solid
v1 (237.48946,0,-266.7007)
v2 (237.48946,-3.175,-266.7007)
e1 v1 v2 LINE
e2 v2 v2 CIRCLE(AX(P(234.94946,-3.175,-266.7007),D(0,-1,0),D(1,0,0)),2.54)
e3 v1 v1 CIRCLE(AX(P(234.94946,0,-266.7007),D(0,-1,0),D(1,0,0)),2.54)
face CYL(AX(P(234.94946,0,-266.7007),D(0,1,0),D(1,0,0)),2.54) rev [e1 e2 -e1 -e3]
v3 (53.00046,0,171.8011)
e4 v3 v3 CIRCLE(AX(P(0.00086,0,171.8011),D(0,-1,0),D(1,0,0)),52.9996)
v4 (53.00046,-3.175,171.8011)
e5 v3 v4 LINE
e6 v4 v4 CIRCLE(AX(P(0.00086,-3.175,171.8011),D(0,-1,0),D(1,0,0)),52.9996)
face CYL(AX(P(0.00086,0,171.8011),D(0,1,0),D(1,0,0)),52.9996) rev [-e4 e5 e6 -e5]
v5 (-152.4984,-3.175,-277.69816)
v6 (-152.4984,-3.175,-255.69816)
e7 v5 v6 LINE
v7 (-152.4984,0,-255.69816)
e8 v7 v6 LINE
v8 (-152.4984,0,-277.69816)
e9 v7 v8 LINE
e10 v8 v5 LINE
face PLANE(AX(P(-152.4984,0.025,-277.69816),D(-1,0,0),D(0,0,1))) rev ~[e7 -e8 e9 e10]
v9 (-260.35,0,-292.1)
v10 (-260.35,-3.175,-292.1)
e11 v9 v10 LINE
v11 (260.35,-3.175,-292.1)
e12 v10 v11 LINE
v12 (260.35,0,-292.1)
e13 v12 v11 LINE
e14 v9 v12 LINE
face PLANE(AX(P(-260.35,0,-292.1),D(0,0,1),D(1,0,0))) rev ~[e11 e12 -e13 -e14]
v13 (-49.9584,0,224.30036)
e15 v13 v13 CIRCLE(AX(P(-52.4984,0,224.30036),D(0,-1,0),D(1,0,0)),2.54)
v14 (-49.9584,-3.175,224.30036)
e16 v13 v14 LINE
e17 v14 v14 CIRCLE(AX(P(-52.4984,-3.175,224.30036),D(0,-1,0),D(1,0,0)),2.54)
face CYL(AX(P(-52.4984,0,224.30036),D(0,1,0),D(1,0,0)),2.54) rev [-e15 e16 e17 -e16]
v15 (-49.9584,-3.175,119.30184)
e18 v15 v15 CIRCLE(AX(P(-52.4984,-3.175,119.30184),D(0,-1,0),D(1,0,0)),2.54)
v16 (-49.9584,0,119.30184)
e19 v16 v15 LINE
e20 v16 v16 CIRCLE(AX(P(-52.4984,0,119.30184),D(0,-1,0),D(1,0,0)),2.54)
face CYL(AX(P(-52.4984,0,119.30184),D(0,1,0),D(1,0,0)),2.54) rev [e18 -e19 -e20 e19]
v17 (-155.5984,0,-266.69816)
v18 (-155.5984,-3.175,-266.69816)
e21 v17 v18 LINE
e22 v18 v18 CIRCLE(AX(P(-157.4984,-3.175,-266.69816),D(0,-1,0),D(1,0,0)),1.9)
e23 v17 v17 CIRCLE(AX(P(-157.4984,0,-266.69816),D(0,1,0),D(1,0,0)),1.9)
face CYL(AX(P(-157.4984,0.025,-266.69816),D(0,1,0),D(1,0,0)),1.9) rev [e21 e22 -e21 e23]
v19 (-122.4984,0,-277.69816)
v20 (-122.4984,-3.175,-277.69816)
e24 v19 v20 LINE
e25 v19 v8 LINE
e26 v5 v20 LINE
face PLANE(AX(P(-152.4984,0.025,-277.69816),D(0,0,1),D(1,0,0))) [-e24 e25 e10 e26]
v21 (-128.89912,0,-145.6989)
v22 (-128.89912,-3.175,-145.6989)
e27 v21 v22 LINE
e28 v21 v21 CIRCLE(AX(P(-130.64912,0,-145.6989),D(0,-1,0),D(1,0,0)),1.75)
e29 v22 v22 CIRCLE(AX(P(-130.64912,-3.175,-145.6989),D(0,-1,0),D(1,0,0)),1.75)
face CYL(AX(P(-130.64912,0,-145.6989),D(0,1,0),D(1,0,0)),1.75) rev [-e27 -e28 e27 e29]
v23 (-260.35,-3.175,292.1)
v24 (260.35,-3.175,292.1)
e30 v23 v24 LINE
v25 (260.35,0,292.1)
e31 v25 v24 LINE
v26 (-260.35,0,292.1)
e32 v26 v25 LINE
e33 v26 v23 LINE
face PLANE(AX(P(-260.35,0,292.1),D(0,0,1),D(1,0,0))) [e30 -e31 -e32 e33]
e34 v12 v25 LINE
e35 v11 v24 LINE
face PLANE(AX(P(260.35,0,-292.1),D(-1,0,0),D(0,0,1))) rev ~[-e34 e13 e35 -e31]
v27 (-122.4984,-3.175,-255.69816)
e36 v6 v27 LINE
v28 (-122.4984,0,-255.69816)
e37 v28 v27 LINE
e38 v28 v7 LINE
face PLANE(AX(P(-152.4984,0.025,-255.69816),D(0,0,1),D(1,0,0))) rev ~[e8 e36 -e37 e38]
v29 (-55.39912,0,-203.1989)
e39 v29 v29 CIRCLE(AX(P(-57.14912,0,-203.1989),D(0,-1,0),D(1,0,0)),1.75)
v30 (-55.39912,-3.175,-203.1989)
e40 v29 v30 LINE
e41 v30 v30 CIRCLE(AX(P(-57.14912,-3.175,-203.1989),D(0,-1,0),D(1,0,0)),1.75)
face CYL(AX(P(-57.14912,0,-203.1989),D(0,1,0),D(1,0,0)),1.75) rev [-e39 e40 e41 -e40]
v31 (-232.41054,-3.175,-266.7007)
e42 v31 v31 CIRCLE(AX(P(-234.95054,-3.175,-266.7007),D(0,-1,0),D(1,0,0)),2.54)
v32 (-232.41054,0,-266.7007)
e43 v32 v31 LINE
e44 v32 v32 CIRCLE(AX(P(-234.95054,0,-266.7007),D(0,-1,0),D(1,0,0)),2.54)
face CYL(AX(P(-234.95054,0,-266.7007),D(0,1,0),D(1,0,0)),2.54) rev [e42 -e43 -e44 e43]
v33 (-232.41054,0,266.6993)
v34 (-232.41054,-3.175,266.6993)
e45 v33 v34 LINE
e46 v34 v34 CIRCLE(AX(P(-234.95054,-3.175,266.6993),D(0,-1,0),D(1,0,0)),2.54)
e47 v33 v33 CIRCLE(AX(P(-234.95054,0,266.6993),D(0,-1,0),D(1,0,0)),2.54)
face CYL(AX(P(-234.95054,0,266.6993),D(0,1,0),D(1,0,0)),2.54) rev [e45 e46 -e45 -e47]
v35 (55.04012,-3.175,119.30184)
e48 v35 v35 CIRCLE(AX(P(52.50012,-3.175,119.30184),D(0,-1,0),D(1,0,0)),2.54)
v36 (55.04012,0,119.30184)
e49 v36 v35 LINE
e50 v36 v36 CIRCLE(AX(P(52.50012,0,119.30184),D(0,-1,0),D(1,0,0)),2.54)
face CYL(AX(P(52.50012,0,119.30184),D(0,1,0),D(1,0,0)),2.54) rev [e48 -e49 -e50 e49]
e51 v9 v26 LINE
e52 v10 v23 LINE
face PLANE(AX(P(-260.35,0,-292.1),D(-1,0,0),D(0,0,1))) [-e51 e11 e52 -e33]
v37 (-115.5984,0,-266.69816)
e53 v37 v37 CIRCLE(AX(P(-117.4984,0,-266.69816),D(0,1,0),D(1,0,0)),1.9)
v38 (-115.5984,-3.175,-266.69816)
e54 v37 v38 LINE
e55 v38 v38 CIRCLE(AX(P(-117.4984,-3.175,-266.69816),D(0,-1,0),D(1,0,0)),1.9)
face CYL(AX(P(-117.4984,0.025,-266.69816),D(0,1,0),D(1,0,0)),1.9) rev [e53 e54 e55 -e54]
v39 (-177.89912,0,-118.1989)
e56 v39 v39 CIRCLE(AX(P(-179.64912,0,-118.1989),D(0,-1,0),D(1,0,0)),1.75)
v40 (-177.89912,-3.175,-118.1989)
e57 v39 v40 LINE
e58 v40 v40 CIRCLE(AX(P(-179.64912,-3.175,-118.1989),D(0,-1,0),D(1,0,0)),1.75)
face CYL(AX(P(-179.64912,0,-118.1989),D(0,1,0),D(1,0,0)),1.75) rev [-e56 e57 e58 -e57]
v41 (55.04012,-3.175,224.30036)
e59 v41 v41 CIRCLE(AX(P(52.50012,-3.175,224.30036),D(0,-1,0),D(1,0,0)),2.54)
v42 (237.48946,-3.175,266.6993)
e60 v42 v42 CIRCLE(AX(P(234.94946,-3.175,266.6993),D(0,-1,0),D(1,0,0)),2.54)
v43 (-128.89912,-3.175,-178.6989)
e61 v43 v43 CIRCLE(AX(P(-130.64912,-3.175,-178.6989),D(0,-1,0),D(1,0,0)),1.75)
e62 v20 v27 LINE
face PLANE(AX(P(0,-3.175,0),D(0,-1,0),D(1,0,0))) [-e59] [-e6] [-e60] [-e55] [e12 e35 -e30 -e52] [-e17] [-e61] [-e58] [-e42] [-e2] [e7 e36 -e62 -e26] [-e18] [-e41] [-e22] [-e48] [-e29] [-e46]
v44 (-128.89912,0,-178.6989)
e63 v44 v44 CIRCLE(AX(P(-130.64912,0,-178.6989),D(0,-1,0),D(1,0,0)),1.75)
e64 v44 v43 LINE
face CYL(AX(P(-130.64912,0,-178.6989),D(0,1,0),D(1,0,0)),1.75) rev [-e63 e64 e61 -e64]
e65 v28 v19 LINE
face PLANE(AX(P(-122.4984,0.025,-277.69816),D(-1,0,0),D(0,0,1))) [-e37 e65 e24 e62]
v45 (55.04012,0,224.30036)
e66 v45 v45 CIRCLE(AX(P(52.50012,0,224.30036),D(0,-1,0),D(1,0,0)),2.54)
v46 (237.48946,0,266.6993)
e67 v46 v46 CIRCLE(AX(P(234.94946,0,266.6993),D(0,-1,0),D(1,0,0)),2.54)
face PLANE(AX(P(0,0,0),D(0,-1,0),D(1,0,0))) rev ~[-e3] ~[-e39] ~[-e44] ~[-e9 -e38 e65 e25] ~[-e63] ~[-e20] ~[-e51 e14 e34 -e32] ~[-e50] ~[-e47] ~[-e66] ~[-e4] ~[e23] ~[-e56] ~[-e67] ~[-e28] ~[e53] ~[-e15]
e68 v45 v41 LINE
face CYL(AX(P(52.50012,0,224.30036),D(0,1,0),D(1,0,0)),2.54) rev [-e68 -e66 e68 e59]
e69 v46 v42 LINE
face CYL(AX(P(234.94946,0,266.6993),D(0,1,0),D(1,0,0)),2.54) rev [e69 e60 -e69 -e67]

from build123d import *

# Parameters (mm, degrees)
SKETCH_W          = 520.7
SKETCH_H          = 584.2
PAD_DEPTH         = 3.175
CYLINDER_R        = 1.75
CYLINDER_DEPTH    = 3.175
CYLINDER001_R     = 1.75
CYLINDER001_DEPTH = 3.175
CYLINDER002_R     = 1.75
CYLINDER002_DEPTH = 3.175
CYLINDER003_R     = 1.75
CYLINDER003_DEPTH = 3.175
CYLINDER004_R     = 52.9996
CYLINDER004_DEPTH = 3.175
CYLINDER005_R     = 2.54
CYLINDER005_DEPTH = 3.175
CYLINDER006_R     = 2.54
CYLINDER006_DEPTH = 3.175
CYLINDER007_R     = 2.54
CYLINDER007_DEPTH = 3.175
CYLINDER008_R     = 2.54
CYLINDER008_DEPTH = 3.175
BOX_W             = 30
BOX_H             = 22
BOX_DEPTH         = 3.2
CYLINDER009_R     = 1.9
CYLINDER009_DEPTH = 3.2
CYLINDER010_R     = 1.9
CYLINDER010_DEPTH = 3.2
CYLINDER011_R     = 2.54
CYLINDER011_DEPTH = 3.175
CYLINDER012_R     = 2.54
CYLINDER012_DEPTH = 3.175
CYLINDER013_R     = 2.54
CYLINDER013_DEPTH = 3.175
CYLINDER014_R     = 2.54
CYLINDER014_DEPTH = 3.175


with BuildPart() as part:
    # Sketch → Pad (new body)
    with BuildSketch(Plane.XZ):
        Rectangle(SKETCH_W, SKETCH_H)
    extrude(amount=PAD_DEPTH)

    # Cylinder → Cylinder (cut)
    with BuildSketch(Plane(origin=(-179.64912, 0, -118.1989), x_dir=(1, 0, 0), z_dir=(0, -1, 0))):
        Circle(CYLINDER_R)
    extrude(amount=CYLINDER_DEPTH, mode=Mode.SUBTRACT)

    # Cylinder001 → Cylinder001 (cut)
    with BuildSketch(Plane(origin=(-57.14912, 0, -203.1989), x_dir=(1, 0, 0), z_dir=(0, -1, 0))):
        Circle(CYLINDER001_R)
    extrude(amount=CYLINDER001_DEPTH, mode=Mode.SUBTRACT)

    # Cylinder002 → Cylinder002 (cut)
    with BuildSketch(Plane(origin=(-130.64912, 0, -178.6989), x_dir=(1, 0, 0), z_dir=(0, -1, 0))):
        Circle(CYLINDER002_R)
    extrude(amount=CYLINDER002_DEPTH, mode=Mode.SUBTRACT)

    # Cylinder003 → Cylinder003 (cut)
    with BuildSketch(Plane(origin=(-130.64912, 0, -145.6989), x_dir=(1, 0, 0), z_dir=(0, -1, 0))):
        Circle(CYLINDER003_R)
    extrude(amount=CYLINDER003_DEPTH, mode=Mode.SUBTRACT)

    # Cylinder004 → Cylinder004 (cut)
    with BuildSketch(Plane(origin=(0.00086, 0, 171.8011), x_dir=(1, 0, 0), z_dir=(0, -1, 0))):
        Circle(CYLINDER004_R)
    extrude(amount=CYLINDER004_DEPTH, mode=Mode.SUBTRACT)

    # Cylinder005 → Cylinder005 (cut)
    with BuildSketch(Plane(origin=(-52.4984, 0, 224.30036), x_dir=(1, 0, 0), z_dir=(0, -1, 0))):
        Circle(CYLINDER005_R)
    extrude(amount=CYLINDER005_DEPTH, mode=Mode.SUBTRACT)

    # Cylinder006 → Cylinder006 (cut)
    with BuildSketch(Plane(origin=(52.50012, 0, 224.30036), x_dir=(1, 0, 0), z_dir=(0, -1, 0))):
        Circle(CYLINDER006_R)
    extrude(amount=CYLINDER006_DEPTH, mode=Mode.SUBTRACT)

    # Cylinder007 → Cylinder007 (cut)
    with BuildSketch(Plane(origin=(52.50012, 0, 119.30184), x_dir=(1, 0, 0), z_dir=(0, -1, 0))):
        Circle(CYLINDER007_R)
    extrude(amount=CYLINDER007_DEPTH, mode=Mode.SUBTRACT)

    # Cylinder008 → Cylinder008 (cut)
    with BuildSketch(Plane(origin=(-52.4984, 0, 119.30184), x_dir=(1, 0, 0), z_dir=(0, -1, 0))):
        Circle(CYLINDER008_R)
    extrude(amount=CYLINDER008_DEPTH, mode=Mode.SUBTRACT)

    # Box → Box (cut)
    with BuildSketch(Plane(origin=(-152.4984, 0.025, -277.69816), x_dir=(1, 0, 0), z_dir=(0, -1, 0))):
        with Locations((15, 11)):
            Rectangle(BOX_W, BOX_H)
    extrude(amount=BOX_DEPTH, mode=Mode.SUBTRACT)

    # Cylinder009 → Cylinder009 (cut)
    with BuildSketch(Plane(origin=(-157.4984, 0.025, -266.69816), x_dir=(1, 0, 0), z_dir=(0, -1, 0))):
        Circle(CYLINDER009_R)
    extrude(amount=CYLINDER009_DEPTH, mode=Mode.SUBTRACT)

    # Cylinder010 → Cylinder010 (cut)
    with BuildSketch(Plane(origin=(-117.4984, 0.025, -266.69816), x_dir=(1, 0, 0), z_dir=(0, -1, 0))):
        Circle(CYLINDER010_R)
    extrude(amount=CYLINDER010_DEPTH, mode=Mode.SUBTRACT)

    # Cylinder011 → Cylinder011 (cut)
    with BuildSketch(Plane(origin=(-234.95054, 0, -266.7007), x_dir=(1, 0, 0), z_dir=(0, -1, 0))):
        Circle(CYLINDER011_R)
    extrude(amount=CYLINDER011_DEPTH, mode=Mode.SUBTRACT)

    # Cylinder012 → Cylinder012 (cut)
    with BuildSketch(Plane(origin=(-234.95054, 0, 266.6993), x_dir=(1, 0, 0), z_dir=(0, -1, 0))):
        Circle(CYLINDER012_R)
    extrude(amount=CYLINDER012_DEPTH, mode=Mode.SUBTRACT)

    # Cylinder013 → Cylinder013 (cut)
    with BuildSketch(Plane(origin=(234.94946, 0, 266.6993), x_dir=(1, 0, 0), z_dir=(0, -1, 0))):
        Circle(CYLINDER013_R)
    extrude(amount=CYLINDER013_DEPTH, mode=Mode.SUBTRACT)

    # Cylinder014 → Cylinder014 (cut)
    with BuildSketch(Plane(origin=(234.94946, 0, -266.7007), x_dir=(1, 0, 0), z_dir=(0, -1, 0))):
        Circle(CYLINDER014_R)
    extrude(amount=CYLINDER014_DEPTH, mode=Mode.SUBTRACT)


solid = part.part
